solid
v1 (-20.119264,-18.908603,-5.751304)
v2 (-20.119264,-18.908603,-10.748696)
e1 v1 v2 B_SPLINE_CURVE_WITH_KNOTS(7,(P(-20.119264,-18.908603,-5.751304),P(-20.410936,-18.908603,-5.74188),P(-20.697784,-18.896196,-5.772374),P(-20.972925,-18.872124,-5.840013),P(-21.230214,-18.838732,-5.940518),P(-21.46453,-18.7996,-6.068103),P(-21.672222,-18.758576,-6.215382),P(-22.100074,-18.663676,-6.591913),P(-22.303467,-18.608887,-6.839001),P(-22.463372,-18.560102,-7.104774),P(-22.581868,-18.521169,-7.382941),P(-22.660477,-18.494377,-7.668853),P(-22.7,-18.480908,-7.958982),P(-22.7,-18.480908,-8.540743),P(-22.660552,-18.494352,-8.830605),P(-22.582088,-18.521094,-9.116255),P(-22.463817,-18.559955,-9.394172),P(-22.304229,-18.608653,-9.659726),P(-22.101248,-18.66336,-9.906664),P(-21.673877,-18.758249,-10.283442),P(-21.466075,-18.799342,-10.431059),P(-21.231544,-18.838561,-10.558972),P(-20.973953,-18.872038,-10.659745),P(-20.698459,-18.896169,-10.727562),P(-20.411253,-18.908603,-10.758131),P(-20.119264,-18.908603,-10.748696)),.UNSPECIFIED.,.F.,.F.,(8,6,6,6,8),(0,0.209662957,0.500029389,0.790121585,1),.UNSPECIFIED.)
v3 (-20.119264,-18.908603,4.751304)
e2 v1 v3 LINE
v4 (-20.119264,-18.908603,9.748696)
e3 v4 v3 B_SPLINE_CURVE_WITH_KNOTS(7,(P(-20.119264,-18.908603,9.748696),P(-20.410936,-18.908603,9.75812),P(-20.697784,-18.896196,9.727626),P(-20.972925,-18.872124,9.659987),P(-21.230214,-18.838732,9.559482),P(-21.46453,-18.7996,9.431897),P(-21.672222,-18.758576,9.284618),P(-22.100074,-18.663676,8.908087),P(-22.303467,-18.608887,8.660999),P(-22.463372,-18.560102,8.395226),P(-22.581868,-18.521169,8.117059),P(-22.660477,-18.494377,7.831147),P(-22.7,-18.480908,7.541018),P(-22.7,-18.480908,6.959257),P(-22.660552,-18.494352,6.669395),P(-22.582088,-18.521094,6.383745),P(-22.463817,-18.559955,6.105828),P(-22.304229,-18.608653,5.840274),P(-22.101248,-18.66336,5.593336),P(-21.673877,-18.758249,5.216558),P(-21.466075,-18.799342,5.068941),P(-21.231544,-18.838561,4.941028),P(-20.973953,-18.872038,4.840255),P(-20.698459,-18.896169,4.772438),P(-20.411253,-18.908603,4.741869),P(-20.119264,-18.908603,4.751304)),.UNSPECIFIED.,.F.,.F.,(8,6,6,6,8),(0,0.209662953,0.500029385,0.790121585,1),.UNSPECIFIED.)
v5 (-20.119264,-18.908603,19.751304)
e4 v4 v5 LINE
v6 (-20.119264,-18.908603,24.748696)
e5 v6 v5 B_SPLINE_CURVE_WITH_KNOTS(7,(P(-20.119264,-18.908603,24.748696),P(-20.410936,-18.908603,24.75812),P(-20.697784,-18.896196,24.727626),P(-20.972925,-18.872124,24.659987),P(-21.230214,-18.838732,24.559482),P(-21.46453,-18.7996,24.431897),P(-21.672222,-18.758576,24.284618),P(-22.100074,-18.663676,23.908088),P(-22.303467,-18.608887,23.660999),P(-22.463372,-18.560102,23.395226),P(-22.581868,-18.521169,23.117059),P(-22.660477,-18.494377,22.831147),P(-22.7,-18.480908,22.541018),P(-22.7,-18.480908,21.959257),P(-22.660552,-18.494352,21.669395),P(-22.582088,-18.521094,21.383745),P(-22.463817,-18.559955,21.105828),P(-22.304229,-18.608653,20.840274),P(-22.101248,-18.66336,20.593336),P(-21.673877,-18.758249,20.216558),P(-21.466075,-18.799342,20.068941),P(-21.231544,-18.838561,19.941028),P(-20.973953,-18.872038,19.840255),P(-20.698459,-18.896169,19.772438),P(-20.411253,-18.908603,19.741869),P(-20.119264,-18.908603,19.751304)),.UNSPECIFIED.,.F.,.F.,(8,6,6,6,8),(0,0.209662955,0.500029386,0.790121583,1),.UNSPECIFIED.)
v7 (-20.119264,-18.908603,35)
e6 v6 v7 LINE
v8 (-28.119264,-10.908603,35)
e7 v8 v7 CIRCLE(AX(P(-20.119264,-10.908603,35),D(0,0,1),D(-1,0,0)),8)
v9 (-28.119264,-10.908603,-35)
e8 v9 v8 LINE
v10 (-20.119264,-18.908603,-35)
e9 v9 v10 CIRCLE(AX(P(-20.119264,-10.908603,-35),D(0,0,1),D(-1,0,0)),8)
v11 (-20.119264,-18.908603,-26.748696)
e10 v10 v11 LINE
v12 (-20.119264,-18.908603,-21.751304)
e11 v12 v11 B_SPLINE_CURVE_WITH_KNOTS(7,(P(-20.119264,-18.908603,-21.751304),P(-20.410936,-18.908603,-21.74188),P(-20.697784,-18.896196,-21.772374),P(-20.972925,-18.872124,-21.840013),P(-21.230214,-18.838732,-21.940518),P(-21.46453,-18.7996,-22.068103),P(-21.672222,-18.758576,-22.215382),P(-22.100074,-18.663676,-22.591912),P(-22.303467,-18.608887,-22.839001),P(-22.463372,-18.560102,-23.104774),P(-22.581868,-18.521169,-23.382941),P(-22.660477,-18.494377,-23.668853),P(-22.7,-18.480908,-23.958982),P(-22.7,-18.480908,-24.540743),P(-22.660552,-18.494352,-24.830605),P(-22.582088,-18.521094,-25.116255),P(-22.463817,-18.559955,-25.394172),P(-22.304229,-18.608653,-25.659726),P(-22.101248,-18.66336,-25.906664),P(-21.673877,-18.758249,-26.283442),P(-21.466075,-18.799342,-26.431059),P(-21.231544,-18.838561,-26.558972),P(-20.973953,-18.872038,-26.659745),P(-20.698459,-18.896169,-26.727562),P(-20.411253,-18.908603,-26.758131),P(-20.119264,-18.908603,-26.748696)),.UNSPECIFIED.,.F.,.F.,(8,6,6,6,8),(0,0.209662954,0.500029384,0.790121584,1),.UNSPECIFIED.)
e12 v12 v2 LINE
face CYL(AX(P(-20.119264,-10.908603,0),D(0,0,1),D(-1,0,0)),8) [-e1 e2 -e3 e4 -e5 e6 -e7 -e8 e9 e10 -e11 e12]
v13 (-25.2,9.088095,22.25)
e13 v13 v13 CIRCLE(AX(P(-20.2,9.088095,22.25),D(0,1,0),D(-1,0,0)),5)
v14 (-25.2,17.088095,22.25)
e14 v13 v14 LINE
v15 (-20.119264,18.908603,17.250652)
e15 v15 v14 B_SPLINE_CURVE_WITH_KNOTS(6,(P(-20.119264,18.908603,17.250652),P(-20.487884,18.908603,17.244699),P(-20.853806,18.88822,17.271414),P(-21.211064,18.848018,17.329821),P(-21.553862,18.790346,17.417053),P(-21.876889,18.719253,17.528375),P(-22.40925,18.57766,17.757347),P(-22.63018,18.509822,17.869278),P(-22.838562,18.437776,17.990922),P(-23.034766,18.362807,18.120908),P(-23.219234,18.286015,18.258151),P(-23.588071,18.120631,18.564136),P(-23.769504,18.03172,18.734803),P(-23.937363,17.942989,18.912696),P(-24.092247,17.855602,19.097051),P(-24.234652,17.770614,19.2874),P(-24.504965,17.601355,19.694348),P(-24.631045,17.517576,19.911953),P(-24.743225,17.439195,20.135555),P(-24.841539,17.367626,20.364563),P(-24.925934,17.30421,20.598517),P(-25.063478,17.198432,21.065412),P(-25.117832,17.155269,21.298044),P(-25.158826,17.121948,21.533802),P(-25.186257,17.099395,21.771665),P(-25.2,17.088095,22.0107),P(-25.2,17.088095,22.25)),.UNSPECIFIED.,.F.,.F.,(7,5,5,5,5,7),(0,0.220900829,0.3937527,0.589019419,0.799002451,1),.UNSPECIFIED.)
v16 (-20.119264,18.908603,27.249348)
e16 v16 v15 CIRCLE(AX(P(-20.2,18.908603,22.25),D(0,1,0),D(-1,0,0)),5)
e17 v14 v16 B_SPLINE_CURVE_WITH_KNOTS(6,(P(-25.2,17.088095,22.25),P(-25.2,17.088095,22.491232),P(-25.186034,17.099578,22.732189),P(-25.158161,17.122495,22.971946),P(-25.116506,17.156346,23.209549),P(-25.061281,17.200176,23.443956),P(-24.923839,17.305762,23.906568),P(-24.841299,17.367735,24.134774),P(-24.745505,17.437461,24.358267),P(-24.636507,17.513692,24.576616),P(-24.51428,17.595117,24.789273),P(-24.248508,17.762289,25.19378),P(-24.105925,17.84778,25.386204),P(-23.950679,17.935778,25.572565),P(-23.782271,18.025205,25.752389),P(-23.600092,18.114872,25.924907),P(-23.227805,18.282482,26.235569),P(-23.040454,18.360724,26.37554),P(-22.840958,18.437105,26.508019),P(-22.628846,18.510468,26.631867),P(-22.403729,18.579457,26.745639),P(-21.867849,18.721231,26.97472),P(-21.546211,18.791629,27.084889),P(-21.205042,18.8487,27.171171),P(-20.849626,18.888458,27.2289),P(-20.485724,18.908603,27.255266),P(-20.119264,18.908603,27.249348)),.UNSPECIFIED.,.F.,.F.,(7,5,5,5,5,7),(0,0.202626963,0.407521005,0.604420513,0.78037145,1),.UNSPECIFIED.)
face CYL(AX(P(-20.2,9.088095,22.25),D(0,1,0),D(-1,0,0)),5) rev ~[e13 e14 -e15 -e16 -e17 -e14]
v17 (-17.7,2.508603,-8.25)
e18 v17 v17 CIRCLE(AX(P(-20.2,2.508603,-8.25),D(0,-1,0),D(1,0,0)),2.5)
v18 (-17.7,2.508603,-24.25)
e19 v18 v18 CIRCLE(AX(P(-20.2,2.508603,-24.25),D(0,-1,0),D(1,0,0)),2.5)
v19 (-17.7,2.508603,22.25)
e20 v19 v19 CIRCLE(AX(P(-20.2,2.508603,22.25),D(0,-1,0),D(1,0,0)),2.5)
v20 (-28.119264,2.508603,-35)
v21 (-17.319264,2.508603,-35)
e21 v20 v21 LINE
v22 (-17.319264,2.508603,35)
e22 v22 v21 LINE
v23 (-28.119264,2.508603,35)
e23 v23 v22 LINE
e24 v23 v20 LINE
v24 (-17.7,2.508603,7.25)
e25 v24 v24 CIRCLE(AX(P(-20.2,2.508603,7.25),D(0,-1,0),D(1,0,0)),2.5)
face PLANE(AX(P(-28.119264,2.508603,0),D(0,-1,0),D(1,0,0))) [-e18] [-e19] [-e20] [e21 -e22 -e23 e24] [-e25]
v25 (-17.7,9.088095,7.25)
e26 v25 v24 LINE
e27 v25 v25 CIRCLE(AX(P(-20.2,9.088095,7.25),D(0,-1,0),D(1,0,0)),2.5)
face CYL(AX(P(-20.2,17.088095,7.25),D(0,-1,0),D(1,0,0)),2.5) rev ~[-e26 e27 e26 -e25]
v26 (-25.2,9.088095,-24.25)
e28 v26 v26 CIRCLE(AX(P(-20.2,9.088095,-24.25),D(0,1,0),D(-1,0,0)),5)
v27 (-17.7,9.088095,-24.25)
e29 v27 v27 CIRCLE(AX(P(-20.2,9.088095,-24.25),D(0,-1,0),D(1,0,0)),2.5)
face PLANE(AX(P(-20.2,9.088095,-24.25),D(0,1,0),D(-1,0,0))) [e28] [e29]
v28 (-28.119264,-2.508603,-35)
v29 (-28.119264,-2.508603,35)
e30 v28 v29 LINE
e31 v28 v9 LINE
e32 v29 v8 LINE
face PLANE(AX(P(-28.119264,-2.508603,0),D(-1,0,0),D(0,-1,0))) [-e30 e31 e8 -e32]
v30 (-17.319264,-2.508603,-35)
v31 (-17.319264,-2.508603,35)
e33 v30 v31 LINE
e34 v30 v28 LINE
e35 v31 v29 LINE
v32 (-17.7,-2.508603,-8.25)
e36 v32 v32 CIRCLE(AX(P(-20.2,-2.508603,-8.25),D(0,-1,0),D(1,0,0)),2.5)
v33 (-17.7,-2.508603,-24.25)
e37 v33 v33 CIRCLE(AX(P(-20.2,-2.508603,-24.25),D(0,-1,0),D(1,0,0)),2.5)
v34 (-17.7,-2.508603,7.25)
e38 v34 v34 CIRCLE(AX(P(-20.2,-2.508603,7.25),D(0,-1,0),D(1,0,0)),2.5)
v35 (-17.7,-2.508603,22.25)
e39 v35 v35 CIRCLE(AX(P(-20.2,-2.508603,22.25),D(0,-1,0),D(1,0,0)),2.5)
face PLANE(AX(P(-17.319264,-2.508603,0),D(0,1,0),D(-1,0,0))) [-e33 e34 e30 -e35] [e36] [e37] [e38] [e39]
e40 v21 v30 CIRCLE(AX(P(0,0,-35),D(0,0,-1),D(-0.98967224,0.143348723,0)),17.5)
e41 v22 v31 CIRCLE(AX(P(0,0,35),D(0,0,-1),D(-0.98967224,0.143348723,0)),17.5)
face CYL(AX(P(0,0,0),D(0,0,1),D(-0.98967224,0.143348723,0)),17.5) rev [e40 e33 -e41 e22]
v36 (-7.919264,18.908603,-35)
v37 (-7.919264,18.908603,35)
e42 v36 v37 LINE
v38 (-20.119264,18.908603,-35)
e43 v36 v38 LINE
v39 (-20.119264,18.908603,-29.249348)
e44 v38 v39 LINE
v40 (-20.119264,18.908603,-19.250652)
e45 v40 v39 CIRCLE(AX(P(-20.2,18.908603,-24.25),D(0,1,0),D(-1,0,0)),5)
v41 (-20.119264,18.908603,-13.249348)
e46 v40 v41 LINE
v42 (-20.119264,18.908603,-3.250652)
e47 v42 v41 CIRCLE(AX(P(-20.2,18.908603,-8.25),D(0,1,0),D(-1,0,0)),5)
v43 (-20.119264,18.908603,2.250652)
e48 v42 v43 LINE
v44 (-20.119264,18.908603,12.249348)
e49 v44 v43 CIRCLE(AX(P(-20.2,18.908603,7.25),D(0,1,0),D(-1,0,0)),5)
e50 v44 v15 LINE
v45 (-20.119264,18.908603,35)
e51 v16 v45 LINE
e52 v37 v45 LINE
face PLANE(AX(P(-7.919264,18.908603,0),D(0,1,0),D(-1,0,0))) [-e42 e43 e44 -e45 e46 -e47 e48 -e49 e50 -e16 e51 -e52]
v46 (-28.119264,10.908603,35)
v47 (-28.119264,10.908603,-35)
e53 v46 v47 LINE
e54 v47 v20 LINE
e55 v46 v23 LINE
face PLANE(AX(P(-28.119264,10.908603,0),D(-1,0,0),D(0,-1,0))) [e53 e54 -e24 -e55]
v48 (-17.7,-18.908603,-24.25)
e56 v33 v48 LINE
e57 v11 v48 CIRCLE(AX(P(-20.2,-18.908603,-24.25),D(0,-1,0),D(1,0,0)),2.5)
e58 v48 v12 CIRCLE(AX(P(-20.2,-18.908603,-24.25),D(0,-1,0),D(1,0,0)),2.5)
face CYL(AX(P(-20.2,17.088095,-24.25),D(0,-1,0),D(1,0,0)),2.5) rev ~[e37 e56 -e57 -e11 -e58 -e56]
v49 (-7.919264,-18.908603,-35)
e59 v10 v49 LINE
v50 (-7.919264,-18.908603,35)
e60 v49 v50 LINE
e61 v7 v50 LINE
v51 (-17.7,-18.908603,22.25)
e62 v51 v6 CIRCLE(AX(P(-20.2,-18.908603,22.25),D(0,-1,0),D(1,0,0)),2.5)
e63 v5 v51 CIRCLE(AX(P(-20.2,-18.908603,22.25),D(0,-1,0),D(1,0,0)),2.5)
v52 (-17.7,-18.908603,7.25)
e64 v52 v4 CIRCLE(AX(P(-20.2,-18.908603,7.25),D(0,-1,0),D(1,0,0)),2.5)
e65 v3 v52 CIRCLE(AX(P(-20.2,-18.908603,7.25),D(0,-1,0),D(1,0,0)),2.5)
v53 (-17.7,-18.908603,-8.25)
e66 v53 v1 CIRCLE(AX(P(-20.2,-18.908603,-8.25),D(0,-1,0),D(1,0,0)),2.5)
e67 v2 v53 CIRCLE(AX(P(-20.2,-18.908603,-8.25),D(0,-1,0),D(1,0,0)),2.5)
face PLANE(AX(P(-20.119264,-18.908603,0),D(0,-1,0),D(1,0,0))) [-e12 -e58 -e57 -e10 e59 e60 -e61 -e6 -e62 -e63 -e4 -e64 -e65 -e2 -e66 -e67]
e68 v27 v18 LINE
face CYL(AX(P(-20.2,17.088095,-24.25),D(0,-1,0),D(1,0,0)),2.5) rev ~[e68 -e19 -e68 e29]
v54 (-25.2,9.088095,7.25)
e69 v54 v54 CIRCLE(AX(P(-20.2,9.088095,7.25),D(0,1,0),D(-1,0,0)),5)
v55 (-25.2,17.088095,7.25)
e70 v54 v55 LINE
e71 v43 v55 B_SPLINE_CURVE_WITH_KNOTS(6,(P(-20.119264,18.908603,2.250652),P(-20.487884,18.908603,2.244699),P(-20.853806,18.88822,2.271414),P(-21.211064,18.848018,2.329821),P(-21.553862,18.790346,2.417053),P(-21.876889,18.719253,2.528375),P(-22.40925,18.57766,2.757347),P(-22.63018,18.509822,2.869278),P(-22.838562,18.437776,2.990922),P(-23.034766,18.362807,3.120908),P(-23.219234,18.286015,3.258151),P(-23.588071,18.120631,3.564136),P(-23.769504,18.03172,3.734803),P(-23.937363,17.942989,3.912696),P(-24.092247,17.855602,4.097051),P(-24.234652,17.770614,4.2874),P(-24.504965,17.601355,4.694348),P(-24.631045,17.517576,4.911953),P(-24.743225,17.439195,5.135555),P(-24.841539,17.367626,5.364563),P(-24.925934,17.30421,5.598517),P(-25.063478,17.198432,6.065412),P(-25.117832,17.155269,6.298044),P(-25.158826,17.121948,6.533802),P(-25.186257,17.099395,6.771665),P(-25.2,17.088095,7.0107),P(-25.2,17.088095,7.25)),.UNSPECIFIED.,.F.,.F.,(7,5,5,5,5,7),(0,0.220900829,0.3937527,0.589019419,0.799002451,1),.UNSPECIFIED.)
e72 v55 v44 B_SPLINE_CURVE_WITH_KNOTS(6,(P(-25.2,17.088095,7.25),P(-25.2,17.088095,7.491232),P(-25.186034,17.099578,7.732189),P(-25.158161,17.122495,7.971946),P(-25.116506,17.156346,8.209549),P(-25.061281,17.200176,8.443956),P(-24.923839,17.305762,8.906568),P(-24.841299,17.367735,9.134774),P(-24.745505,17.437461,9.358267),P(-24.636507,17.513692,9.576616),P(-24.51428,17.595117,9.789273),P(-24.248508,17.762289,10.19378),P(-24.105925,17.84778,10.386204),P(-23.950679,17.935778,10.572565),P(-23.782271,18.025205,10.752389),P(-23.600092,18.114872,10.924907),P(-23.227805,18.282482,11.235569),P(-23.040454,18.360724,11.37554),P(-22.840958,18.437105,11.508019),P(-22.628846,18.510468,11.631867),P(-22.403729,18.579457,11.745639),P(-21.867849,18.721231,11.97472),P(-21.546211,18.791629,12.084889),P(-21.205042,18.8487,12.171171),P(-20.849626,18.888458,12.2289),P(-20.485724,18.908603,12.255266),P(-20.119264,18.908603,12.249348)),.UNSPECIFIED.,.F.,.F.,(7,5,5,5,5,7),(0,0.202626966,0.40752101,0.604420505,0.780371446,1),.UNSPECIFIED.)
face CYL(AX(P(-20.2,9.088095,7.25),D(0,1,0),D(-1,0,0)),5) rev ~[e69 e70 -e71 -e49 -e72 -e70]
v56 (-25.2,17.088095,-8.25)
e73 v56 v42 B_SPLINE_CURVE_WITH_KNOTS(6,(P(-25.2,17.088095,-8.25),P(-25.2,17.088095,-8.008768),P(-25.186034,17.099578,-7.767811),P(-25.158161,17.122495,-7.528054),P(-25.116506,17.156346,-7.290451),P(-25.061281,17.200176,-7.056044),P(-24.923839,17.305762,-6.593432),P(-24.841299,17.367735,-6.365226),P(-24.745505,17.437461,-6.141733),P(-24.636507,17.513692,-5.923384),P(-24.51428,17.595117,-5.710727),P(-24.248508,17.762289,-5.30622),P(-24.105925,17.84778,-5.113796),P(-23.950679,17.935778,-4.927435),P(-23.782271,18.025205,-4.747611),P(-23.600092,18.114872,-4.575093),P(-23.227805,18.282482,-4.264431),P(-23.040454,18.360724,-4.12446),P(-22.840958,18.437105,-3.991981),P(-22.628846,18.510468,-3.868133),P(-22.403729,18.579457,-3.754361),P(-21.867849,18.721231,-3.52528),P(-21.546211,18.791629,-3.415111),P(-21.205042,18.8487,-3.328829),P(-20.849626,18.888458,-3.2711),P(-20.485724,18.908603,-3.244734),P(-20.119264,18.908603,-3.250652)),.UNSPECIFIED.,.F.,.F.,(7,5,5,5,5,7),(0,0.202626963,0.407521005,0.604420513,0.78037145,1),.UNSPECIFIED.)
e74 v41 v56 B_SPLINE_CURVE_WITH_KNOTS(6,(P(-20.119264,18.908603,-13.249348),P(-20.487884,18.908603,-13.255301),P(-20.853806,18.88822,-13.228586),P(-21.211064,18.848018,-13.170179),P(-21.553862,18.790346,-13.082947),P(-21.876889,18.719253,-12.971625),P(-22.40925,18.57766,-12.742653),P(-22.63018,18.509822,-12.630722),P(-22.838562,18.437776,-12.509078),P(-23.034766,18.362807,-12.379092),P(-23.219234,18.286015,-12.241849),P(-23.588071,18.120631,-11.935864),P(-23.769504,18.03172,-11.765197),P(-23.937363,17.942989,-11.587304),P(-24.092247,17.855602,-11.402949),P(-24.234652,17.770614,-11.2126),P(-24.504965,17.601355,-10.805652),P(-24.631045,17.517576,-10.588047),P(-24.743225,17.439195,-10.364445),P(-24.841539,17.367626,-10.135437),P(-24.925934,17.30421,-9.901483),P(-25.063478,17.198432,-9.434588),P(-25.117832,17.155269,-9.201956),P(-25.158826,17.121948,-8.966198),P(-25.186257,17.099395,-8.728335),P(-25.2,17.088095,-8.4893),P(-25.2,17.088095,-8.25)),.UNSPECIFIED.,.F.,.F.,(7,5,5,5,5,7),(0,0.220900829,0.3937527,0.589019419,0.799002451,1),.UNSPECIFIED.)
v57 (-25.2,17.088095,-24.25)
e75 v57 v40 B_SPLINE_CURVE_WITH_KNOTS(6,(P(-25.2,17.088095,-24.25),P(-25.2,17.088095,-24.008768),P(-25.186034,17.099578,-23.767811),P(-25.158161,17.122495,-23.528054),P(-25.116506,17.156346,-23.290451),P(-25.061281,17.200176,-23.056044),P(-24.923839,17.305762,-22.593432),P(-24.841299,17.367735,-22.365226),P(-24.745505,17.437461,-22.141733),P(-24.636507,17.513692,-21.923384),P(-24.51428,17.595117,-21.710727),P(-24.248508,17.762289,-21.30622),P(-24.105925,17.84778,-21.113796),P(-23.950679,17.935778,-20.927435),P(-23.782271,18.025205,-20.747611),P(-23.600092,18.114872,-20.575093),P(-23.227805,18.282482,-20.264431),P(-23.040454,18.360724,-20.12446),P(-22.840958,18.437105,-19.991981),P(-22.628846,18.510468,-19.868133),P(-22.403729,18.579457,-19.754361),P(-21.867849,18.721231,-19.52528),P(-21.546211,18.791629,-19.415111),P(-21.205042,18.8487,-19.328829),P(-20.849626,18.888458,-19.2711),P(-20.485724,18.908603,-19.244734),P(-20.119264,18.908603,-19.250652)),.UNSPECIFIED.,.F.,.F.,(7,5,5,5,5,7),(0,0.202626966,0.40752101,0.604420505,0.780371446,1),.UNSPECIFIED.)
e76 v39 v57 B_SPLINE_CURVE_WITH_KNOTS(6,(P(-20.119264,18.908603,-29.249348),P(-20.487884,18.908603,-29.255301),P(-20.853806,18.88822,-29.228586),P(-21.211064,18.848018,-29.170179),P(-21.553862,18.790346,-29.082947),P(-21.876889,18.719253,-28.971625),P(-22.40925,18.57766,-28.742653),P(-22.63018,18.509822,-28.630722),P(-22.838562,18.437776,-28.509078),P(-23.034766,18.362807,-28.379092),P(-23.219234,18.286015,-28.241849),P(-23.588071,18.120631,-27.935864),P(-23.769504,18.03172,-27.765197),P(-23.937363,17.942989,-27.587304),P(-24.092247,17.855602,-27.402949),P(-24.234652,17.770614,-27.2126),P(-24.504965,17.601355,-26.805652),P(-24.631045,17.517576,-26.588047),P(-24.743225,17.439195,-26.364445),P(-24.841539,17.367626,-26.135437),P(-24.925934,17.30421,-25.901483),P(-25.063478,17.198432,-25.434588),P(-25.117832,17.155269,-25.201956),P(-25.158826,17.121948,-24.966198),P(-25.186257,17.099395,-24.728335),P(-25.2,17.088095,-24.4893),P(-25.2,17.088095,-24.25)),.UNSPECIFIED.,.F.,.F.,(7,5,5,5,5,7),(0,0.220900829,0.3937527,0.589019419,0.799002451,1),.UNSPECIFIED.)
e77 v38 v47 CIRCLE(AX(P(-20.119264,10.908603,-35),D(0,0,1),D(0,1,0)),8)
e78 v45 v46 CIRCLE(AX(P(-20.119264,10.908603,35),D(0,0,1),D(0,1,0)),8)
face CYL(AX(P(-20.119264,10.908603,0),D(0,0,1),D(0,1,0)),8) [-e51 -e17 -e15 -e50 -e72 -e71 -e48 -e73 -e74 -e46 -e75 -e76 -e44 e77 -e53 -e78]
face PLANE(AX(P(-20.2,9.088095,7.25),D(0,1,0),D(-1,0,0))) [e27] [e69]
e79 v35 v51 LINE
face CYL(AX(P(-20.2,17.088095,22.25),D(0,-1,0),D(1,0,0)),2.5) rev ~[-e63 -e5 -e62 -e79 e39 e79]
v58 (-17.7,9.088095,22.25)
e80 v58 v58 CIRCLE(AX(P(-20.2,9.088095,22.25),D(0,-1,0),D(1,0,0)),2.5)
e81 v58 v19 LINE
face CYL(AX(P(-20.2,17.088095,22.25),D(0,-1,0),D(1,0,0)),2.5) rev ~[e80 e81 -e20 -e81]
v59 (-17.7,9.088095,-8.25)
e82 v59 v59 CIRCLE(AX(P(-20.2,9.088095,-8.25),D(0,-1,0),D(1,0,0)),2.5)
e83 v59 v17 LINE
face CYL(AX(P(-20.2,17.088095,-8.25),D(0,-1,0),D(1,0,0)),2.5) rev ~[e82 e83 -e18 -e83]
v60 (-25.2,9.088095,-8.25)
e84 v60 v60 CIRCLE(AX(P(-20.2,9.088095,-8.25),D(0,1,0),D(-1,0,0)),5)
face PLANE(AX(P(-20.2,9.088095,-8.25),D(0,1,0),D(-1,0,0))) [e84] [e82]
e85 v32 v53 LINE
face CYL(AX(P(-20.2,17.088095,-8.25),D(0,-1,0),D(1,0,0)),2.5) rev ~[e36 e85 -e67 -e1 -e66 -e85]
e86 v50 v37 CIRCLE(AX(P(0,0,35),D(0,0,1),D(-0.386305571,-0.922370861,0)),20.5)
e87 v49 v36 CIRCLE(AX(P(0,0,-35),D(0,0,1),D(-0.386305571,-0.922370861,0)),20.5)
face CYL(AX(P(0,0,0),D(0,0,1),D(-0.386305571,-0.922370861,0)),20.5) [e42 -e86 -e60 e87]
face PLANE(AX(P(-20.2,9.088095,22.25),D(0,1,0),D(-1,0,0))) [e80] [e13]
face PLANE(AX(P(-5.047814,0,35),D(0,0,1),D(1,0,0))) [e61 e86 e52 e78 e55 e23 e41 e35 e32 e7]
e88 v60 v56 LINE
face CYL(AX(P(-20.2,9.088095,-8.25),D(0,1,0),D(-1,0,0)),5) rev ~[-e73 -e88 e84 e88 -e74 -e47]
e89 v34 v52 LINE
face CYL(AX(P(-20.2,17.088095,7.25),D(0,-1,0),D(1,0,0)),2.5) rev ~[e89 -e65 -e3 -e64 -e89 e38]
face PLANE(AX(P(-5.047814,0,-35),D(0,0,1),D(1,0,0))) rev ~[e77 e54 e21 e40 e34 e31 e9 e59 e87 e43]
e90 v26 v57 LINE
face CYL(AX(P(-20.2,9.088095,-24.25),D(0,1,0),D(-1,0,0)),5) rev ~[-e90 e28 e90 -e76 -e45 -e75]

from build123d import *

# Parameters (mm, degrees)
F1_DEPTH       = 35
F3_D           = 5
F3_START       = 1.8205079
F3_CBORE_D     = 10
F3_CBORE_DEPTH = 8


with BuildPart() as f1:
    # F0 (on Top) → F1 (new body, symmetric)
    with BuildSketch(Plane.XY):
        with BuildLine():
            ThreePointArc((-17.3192642082, 2.5086026559), (17.5, 0), (-17.3192642082, -2.5086026559))
            Line((-17.3192642082, -2.5086026559), (-28.1192642082, -2.5086026559))
            Line((-28.1192642082, -2.5086026559), (-28.1192642082, -10.9086026559))
            ThreePointArc((-28.1192642082, -10.9086026559), (-25.7761184577, -16.5654569054), (-20.1192642082, -18.9086026559))
            Line((-20.1192642082, -18.9086026559), (-7.9192642082, -18.9086026559))
            ThreePointArc((-7.9192642082, -18.9086026559), (20.5, 0), (-7.9192642082, 18.9086026559))
            Line((-7.9192642082, 18.9086026559), (-20.1192642082, 18.9086026559))
            ThreePointArc((-20.1192642082, 18.9086026559), (-25.7761184577, 16.5654569054), (-28.1192642082, 10.9086026559))
            Line((-28.1192642082, 10.9086026559), (-28.1192642082, 2.5086026559))
            Line((-28.1192642082, 2.5086026559), (-17.3192642082, 2.5086026559))
        make_face()
    extrude(amount=F1_DEPTH, both=True)

    # F3 (through all)
    # its depths count from where the whole tool has entered the part; down to there all is cleared
    with Locations(Plane(origin=(0, 18.9086026559, 0), x_dir=(-1, 0, 0), z_dir=(0, 1, 0)).offset(-F3_START)):
        with Locations((20.2, 22.25), (20.2, 7.25), (20.2, -8.25), (20.2, -24.25)):
            CounterBoreHole(F3_D / 2, F3_CBORE_D / 2, F3_CBORE_DEPTH)


solid = f1.part
